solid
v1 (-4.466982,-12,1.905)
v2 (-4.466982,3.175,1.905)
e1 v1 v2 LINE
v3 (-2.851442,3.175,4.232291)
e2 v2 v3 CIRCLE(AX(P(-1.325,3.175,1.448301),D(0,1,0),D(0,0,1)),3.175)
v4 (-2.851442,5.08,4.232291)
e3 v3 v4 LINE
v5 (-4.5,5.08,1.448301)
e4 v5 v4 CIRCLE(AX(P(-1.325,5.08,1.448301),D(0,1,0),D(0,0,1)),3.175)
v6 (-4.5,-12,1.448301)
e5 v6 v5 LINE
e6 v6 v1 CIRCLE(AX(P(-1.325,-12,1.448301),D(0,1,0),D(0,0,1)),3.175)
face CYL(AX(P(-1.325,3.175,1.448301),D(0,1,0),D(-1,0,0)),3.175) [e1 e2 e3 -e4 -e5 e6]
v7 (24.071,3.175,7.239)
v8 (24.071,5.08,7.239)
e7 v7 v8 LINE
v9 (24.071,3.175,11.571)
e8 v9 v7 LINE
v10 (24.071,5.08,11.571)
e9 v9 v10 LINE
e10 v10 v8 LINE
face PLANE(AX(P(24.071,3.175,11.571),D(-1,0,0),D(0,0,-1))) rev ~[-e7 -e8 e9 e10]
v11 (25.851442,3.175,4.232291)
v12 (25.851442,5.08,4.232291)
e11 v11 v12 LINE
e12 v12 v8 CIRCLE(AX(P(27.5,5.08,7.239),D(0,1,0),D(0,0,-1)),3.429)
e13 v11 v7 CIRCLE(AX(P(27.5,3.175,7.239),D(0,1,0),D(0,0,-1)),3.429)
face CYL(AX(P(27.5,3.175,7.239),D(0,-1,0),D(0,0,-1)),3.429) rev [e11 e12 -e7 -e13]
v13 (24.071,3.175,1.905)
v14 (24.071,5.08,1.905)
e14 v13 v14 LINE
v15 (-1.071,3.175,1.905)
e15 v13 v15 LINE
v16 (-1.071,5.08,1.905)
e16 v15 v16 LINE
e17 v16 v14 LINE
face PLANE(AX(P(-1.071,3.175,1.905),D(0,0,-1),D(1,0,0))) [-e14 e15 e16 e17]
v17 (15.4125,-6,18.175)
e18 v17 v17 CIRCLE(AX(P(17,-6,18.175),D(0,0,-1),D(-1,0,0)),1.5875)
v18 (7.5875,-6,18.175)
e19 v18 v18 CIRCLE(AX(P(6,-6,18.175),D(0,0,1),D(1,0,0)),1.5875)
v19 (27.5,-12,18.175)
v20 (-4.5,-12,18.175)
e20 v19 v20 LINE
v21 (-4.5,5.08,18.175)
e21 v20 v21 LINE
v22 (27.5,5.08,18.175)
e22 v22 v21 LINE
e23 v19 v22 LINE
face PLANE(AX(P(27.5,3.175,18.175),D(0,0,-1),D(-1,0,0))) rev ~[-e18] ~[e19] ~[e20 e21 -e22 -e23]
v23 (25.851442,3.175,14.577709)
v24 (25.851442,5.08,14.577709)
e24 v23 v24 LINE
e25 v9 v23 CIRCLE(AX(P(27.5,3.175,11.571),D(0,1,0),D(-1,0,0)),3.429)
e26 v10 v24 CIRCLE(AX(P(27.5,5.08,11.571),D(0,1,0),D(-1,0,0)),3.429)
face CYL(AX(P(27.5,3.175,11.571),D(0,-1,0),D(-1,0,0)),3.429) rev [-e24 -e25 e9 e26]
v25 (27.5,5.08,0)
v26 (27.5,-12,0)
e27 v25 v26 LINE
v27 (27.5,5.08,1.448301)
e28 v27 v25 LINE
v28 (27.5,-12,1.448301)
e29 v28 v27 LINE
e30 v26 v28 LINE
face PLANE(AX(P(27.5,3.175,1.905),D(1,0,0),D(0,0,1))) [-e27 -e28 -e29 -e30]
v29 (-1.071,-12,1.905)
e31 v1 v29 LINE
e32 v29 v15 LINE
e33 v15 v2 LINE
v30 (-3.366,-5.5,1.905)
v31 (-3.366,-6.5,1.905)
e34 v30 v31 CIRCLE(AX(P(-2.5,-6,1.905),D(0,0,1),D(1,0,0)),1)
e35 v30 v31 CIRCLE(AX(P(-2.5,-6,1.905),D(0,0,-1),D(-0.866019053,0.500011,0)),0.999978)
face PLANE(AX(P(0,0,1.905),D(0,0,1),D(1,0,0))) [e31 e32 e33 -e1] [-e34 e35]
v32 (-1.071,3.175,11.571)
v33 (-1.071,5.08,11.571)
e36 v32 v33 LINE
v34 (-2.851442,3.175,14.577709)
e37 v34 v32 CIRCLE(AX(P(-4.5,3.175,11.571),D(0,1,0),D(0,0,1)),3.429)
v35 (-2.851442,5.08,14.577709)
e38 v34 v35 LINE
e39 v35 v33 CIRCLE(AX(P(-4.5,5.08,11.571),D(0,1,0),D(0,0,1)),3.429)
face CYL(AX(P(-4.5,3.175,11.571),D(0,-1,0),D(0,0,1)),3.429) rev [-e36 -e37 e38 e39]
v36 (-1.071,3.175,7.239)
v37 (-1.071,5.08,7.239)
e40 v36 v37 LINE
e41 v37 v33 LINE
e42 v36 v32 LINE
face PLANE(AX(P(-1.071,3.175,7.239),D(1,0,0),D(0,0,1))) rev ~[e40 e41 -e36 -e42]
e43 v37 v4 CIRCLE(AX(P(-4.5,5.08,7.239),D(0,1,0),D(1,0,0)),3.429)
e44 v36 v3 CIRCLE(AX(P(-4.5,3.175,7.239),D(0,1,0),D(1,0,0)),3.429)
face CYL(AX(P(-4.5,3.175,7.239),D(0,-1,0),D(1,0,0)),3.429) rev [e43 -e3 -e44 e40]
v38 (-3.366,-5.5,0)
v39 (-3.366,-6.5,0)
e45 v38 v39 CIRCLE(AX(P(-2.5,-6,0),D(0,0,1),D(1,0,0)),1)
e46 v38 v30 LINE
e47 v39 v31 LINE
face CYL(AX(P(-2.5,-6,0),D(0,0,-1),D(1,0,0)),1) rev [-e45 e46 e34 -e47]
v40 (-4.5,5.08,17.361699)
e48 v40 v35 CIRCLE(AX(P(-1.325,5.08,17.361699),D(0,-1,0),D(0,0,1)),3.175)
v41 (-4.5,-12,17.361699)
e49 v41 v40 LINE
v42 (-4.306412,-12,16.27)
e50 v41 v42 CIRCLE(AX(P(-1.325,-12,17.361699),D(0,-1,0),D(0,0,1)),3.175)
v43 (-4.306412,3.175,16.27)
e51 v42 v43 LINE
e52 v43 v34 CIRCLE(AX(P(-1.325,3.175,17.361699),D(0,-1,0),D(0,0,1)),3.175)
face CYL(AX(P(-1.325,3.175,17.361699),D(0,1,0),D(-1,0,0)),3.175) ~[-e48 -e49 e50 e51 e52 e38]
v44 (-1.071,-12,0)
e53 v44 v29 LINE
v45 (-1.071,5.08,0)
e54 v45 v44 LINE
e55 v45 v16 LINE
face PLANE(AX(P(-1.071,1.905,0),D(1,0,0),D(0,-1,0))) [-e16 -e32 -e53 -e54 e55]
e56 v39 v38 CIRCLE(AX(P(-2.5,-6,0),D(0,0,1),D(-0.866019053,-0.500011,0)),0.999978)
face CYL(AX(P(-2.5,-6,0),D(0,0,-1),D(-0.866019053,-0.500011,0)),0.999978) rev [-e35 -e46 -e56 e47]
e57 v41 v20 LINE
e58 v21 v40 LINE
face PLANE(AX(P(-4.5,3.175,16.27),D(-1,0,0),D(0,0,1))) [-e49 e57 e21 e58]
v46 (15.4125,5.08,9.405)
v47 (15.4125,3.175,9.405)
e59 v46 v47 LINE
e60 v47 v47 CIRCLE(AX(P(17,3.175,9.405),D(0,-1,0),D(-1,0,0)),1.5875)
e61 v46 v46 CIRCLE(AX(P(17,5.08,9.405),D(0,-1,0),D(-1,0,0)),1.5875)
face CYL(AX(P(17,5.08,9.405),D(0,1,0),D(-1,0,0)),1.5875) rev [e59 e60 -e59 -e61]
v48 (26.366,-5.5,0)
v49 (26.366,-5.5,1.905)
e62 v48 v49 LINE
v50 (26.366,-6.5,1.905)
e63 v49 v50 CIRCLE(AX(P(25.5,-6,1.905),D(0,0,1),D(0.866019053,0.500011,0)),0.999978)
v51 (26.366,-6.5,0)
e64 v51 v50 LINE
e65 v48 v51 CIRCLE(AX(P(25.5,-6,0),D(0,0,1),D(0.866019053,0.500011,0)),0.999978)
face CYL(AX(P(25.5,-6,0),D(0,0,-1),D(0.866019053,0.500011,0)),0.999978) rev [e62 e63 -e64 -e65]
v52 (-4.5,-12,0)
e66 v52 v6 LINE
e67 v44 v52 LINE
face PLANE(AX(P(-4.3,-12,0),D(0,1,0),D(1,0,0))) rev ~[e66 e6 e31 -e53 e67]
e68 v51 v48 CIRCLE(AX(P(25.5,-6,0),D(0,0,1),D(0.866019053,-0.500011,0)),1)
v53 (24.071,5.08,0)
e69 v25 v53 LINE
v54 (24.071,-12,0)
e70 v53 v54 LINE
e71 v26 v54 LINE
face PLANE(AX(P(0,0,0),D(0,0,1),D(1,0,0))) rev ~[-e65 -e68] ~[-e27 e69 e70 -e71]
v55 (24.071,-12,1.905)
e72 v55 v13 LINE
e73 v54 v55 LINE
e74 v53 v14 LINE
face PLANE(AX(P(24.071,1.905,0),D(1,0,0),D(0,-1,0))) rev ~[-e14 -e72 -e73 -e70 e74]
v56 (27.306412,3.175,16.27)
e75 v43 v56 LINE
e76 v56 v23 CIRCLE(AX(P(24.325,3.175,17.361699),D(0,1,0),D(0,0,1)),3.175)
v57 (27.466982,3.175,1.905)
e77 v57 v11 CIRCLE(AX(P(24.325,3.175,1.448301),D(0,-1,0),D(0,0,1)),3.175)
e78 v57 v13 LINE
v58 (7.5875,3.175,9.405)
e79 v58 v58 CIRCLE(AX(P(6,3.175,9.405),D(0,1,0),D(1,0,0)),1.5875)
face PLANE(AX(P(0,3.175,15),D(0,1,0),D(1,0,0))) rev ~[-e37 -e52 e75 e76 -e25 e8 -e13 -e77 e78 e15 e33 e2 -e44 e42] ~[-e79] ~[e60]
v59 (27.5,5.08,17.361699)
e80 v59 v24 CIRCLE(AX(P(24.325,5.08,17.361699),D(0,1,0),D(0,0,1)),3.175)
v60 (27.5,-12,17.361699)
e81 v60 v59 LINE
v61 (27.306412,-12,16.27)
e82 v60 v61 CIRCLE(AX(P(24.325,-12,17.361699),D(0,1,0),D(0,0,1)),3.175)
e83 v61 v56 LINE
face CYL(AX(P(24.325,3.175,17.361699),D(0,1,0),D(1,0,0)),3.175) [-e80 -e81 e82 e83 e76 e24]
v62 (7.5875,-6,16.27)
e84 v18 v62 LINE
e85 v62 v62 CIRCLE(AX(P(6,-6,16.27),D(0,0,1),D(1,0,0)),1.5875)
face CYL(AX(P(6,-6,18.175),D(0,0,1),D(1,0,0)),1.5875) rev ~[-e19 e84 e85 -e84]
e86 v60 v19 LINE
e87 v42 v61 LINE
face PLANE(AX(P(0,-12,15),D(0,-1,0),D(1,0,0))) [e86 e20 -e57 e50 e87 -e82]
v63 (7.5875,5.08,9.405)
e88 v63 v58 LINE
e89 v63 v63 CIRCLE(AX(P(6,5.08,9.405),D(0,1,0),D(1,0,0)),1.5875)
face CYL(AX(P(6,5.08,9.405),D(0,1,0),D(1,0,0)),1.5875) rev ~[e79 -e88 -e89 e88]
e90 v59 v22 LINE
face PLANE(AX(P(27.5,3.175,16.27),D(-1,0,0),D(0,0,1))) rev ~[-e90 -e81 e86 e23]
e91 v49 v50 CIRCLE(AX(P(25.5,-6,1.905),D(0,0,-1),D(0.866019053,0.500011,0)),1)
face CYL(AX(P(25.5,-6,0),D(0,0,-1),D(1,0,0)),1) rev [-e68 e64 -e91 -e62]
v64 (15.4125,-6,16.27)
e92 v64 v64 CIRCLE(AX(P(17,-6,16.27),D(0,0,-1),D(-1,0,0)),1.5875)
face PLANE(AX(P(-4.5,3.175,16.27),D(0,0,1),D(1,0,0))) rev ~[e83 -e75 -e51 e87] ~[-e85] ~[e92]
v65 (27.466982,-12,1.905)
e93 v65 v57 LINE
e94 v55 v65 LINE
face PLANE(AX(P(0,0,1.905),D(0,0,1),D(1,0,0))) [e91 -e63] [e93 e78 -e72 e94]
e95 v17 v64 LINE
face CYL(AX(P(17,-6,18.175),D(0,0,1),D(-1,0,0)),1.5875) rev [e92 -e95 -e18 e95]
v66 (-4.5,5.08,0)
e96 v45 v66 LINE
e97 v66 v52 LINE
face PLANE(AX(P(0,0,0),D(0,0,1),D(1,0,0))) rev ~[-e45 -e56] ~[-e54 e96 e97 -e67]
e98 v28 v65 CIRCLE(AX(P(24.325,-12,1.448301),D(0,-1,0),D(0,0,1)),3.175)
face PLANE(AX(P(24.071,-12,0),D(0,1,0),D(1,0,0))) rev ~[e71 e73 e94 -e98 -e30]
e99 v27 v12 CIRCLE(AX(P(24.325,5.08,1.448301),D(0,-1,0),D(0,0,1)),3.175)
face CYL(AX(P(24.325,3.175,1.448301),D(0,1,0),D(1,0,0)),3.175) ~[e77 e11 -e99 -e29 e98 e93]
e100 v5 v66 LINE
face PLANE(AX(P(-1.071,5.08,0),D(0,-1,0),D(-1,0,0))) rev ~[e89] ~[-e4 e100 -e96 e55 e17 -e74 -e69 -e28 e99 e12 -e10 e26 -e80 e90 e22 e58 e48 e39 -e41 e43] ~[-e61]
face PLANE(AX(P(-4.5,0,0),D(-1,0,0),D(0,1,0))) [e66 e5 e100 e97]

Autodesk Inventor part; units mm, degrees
ref_plane "YZ Plane" through (0, 0, 0) normal (1, 0, 0) x (0, 1, 0)
sketch "Sketch1" plane through (0, 0, 0) normal (0, 0, 1) x (1, 0, 0)
  line L0 (-4.3, 0) -> (27.3, 0) projected
  line L1 (27.5, -0.2) -> (27.5, -5.5) projected
  line L2 (-4.3, -12) -> (27.3, -12) projected
  line L3 (27.5, -6.5) -> (27.5, -11.8) projected
  line L4 (-4.5, -0.2) -> (-4.5, -5.5) projected
  line L5 (-4.5, -6.5) -> (-4.5, -11.8) projected
  line L6 (-4.5, 0) -> (-1.071, 0)
  line L7 (-1.071, 0) -> (-1.071, -12)
  line L8 (-1.071, -12) -> (-4.5, -12)
  line L9 (-4.5, -12) -> (-4.5, 0)
  arc A0 (-3.366, -6.5) -> (-3.366, -5.5) centre (-2.5, -6) ccw projected
  circle A1 centre (-2.5, -6) radius 1
  line L10 (27.5, -12) -> (24.071, -12)
  line L11 (24.071, -12) -> (24.071, 0)
  line L12 (24.071, 0) -> (27.5, 0)
  line L13 (27.5, 0) -> (27.5, -12)
  arc A2 (26.366, -5.5) -> (26.366, -6.5) centre (25.5, -6) ccw projected
  circle A3 centre (25.5, -6) radius 1
  line L14 (-1.071, 0) -> (-4.5, 0)
  line L15 (-4.5, 0) -> (-4.5, 1.905)
  line L16 (-4.5, 1.905) -> (-1.071, 1.905)
  line L17 (-1.071, 1.905) -> (-1.071, 0)
  line L18 (11.5, 0) -> (11.5, -12) construction
  line L19 (27.5, 0) -> (24.071, 0)
  line L20 (24.071, 0) -> (27.5, 0)
  line L21 (27.5, 0) -> (27.5, 1.905)
  line L22 (27.5, 1.905) -> (24.071, 1.905)
  line L23 (24.071, 1.905) -> (24.071, 0)
  line L24 (-4.5, 1.905) -> (-1.071, 1.905)
  line L25 (-1.071, 1.905) -> (-1.071, 5.08)
  line L26 (-1.071, 5.08) -> (-4.5, 5.08)
  line L27 (-4.5, 5.08) -> (-4.5, 1.905)
  line L28 (24.071, 1.905) -> (27.5, 1.905)
  line L29 (27.5, 1.905) -> (27.5, 5.08)
  line L30 (27.5, 5.08) -> (24.071, 5.08)
  line L31 (24.071, 5.08) -> (24.071, 1.905)
  point P0 (0, 0)
  dimension "d0" = 3.429
  dimension "d1" = 3.429
  dimension "d2" = 1.905
  dimension "d8" = 3.175
  dimension "d9" = 3.175
extrude "Extrusion1" add sketch "Sketch1" along normal blind 1.905 contours L6 L15 L16 L17 L0 | L0 L7 L2 L8 L9 L5 L4 L6 | L23 L22 L21 L12 L0 | L0 L12 L13 L1 L3 L10 L2 L11 | L16 L27 L26 L25 | L31 L30 L29 L22
ref_plane "Work Plane1" through (0, 3.175, 15) normal (0, 1, 0) x (1, 0, 0)
sketch "Sketch2" plane through (0, 3.175, 15) normal (0, 1, 0) x (1, 0, 0)
  line L0 (-1.071, 15) -> (-4.5, 15) projected
  line L1 (-4.5, 15) -> (-4.5, 13.095) projected
  line L2 (-1.071, 13.095) -> (-4.5, 13.095) projected
  line L3 (-1.071, 15) -> (-1.071, 13.095) projected
  line L4 (27.5, 15) -> (24.071, 15) projected
  line L5 (24.071, 15) -> (24.071, 13.095) projected
  line L6 (27.5, 13.095) -> (24.071, 13.095) projected
  line L7 (27.5, 15) -> (27.5, 13.095) projected
  line L8 (22.8, 0) -> (0.2, 0) projected
  line L9 (-4.5, 13.095) -> (27.5, 13.095)
  line L10 (27.5, -3.175) -> (-4.5, -3.175)
  line L11 (-4.5, 11.19) -> (-1.071, 11.19)
  line L12 (-1.071, 11.19) -> (-1.071, 0)
  line L13 (-1.071, 0) -> (-4.5, 0)
  line L14 (27.5, 0) -> (24.071, 0)
  line L15 (24.071, 0) -> (24.071, 11.19)
  line L16 (24.071, 11.19) -> (27.5, 11.19)
  line L17 (23, 15) -> (23, 5) projected
  line L18 (0, 5) -> (0, 15) projected
  line L19 (-1.071, 15) -> (-1.071, 13.095) projected
  line L20 (24.071, 15) -> (24.071, 13.095) projected
  arc A0 (-1.071, 7.761) -> (-4.5, 11.19) centre (-4.5, 7.761) ccw
  arc A1 (-4.5, 0) -> (-1.071, 3.429) centre (-4.5, 3.429) ccw
  arc A2 (27.5, 11.19) -> (24.071, 7.761) centre (27.5, 7.761) ccw
  arc A3 (24.071, 3.429) -> (27.5, 0) centre (27.5, 3.429) ccw
  line L21 (-4.5, -3.175) -> (-4.5, 0)
  line L22 (-4.5, 11.19) -> (-4.5, 13.095)
  line L23 (27.5, 13.095) -> (27.5, 11.19)
  line L24 (27.5, 0) -> (27.5, -3.175)
  dimension "d5" = 3.175
  dimension "d13" = 1.905
extrude "Extrusion2" add sketch "Sketch2" along normal blind 1.905 contours L9 L6 L23 L16 L15 L14 L24 L10 L21 L13 L12 L11 L22 L2 | L11 L12 A0 | L12 L13 A1 | A2 L15 L16 | A3 L14 L15
sketch "Sketch6" plane through (0, 3.175, 15) normal (0, -1, 0) x (1, 0, 0)
  line L0 (0.2, 0) -> (22.8, 0) projected
  line L1 (-4.5, -15) -> (-4.5, 3.175) projected
  line L2 (27.5, 3.175) -> (-4.5, 3.175)
  line L3 (-4.5, 3.175) -> (-4.5, 1.27)
  line L4 (-4.5, 1.27) -> (27.5, 1.27)
  line L5 (27.5, 1.27) -> (27.5, 3.175)
  line L6 (27.5, 3.175) -> (27.5, -13.095) projected
  line L7 (-4.5, 3.175) -> (27.5, 3.175) projected
  point P0 (0, -15)
  dimension "d10" = 1.905
extrude "Extrusion3" add sketch "Sketch6" along normal up to surface (15.175 mm away)
fillet "Fillet1" radius 3.175 4 edges at (-4.5, 4.1275, 3.81) (-4.5, 4.1275, 15) (27.5, 4.1275, 15) (27.5, 4.1275, 3.81)
sketch "Sketch7" plane through (-4.5, 5.08, 18.175) normal (0, 0, 1) x (1, 0, 0)
  line L0 (32, -17.08) -> (32, 0) projected
  line L1 (0, 0) -> (32, 0) projected
  line L2 (0, -17.08) -> (0, 0) projected
  line L3 (0, -17.08) -> (32, -17.08) projected
  line L4 (31.8064, -17.08) -> (0.1936, -17.08) construction
  line L5 (32, -17.08) -> (32, 0) construction
  circle A0 centre (10.5, -11.08) radius 1.5875
  circle A1 centre (10.5, -11.08) radius 3.75
  point P0 (4.5, -5.08)
  dimension "d15" = 3.175
sketch "Sketch8" plane through (24.071, 5.08, 0) normal (0, 1, 0) x (1, 0, 0)
  arc A0 (1.7804, -4.2323) -> (3.429, -1.4483) centre (0.254, -1.4483) ccw projected
  line L0 (3.429, 0) -> (3.429, -1.4483) projected
  line L1 (3.429, 0) -> (0, 0) projected
  line L2 (0, 0) -> (0, -1.905) projected
  line L3 (0, -1.905) -> (-25.142, -1.905) projected
  line L4 (-25.142, 0) -> (-25.142, -1.905) projected
  line L5 (-25.142, 0) -> (-28.571, 0) projected
  line L6 (-28.571, 0) -> (-28.571, -1.4483) projected
  arc A1 (-28.571, -1.4483) -> (-26.9224, -4.2323) centre (-25.396, -1.4483) ccw projected
  arc A2 (-25.142, -7.239) -> (-26.9224, -4.2323) centre (-28.571, -7.239) ccw projected
  line L7 (-25.142, -7.239) -> (-25.142, -11.571) projected
  arc A3 (-26.9224, -14.5777) -> (-25.142, -11.571) centre (-28.571, -11.571) ccw projected
  arc A4 (-26.9224, -14.5777) -> (-28.571, -17.3617) centre (-25.396, -17.3617) ccw projected
  line L8 (-28.571, -17.3617) -> (-28.571, -18.175) projected
  line L9 (-28.571, -18.175) -> (3.429, -18.175) projected
  line L10 (3.429, -18.175) -> (3.429, -17.3617) projected
  arc A5 (3.429, -17.3617) -> (1.7804, -14.5777) centre (0.254, -17.3617) ccw projected
  arc A6 (0, -11.571) -> (1.7804, -14.5777) centre (3.429, -11.571) ccw projected
  line L11 (0, -11.571) -> (0, -7.239) projected
  arc A7 (1.7804, -4.2323) -> (0, -7.239) centre (3.429, -7.239) ccw projected
  line L12 (-25.142, -7.239) -> (-25.142, -11.571) construction
  circle A8 centre (-18.071, -9.405) radius 1.5875
  line L13 (-21.821, 16.1332) -> (-14.321, 16.1332)
  line L14 (-18.071, 16.1332) -> (-18.071, -9.3987) construction
  line L15 (-25.142, -9.405) -> (0, -9.405) construction
  point P0 (-24.071, 0)
  dimension "d16" = 3.175
extrude "Extrusion4" cut sketch "Sketch8" against normal up to next contours A8
extrude "Extrusion5" cut sketch "Sketch7" against normal up to next contours A0
ref_plane "Work Plane3" through (11.5, -12, 0) normal (1, 0, 0) x (0, 0, -1)
mirror "Mirror1" about plane through (11.5, -12, 0) normal (1, 0, 0) of "Extrusion5"
mirror "Mirror2" about plane through (11.5, -12, 0) normal (1, 0, 0) of "Extrusion4"
properties part number "Servo_vice"
